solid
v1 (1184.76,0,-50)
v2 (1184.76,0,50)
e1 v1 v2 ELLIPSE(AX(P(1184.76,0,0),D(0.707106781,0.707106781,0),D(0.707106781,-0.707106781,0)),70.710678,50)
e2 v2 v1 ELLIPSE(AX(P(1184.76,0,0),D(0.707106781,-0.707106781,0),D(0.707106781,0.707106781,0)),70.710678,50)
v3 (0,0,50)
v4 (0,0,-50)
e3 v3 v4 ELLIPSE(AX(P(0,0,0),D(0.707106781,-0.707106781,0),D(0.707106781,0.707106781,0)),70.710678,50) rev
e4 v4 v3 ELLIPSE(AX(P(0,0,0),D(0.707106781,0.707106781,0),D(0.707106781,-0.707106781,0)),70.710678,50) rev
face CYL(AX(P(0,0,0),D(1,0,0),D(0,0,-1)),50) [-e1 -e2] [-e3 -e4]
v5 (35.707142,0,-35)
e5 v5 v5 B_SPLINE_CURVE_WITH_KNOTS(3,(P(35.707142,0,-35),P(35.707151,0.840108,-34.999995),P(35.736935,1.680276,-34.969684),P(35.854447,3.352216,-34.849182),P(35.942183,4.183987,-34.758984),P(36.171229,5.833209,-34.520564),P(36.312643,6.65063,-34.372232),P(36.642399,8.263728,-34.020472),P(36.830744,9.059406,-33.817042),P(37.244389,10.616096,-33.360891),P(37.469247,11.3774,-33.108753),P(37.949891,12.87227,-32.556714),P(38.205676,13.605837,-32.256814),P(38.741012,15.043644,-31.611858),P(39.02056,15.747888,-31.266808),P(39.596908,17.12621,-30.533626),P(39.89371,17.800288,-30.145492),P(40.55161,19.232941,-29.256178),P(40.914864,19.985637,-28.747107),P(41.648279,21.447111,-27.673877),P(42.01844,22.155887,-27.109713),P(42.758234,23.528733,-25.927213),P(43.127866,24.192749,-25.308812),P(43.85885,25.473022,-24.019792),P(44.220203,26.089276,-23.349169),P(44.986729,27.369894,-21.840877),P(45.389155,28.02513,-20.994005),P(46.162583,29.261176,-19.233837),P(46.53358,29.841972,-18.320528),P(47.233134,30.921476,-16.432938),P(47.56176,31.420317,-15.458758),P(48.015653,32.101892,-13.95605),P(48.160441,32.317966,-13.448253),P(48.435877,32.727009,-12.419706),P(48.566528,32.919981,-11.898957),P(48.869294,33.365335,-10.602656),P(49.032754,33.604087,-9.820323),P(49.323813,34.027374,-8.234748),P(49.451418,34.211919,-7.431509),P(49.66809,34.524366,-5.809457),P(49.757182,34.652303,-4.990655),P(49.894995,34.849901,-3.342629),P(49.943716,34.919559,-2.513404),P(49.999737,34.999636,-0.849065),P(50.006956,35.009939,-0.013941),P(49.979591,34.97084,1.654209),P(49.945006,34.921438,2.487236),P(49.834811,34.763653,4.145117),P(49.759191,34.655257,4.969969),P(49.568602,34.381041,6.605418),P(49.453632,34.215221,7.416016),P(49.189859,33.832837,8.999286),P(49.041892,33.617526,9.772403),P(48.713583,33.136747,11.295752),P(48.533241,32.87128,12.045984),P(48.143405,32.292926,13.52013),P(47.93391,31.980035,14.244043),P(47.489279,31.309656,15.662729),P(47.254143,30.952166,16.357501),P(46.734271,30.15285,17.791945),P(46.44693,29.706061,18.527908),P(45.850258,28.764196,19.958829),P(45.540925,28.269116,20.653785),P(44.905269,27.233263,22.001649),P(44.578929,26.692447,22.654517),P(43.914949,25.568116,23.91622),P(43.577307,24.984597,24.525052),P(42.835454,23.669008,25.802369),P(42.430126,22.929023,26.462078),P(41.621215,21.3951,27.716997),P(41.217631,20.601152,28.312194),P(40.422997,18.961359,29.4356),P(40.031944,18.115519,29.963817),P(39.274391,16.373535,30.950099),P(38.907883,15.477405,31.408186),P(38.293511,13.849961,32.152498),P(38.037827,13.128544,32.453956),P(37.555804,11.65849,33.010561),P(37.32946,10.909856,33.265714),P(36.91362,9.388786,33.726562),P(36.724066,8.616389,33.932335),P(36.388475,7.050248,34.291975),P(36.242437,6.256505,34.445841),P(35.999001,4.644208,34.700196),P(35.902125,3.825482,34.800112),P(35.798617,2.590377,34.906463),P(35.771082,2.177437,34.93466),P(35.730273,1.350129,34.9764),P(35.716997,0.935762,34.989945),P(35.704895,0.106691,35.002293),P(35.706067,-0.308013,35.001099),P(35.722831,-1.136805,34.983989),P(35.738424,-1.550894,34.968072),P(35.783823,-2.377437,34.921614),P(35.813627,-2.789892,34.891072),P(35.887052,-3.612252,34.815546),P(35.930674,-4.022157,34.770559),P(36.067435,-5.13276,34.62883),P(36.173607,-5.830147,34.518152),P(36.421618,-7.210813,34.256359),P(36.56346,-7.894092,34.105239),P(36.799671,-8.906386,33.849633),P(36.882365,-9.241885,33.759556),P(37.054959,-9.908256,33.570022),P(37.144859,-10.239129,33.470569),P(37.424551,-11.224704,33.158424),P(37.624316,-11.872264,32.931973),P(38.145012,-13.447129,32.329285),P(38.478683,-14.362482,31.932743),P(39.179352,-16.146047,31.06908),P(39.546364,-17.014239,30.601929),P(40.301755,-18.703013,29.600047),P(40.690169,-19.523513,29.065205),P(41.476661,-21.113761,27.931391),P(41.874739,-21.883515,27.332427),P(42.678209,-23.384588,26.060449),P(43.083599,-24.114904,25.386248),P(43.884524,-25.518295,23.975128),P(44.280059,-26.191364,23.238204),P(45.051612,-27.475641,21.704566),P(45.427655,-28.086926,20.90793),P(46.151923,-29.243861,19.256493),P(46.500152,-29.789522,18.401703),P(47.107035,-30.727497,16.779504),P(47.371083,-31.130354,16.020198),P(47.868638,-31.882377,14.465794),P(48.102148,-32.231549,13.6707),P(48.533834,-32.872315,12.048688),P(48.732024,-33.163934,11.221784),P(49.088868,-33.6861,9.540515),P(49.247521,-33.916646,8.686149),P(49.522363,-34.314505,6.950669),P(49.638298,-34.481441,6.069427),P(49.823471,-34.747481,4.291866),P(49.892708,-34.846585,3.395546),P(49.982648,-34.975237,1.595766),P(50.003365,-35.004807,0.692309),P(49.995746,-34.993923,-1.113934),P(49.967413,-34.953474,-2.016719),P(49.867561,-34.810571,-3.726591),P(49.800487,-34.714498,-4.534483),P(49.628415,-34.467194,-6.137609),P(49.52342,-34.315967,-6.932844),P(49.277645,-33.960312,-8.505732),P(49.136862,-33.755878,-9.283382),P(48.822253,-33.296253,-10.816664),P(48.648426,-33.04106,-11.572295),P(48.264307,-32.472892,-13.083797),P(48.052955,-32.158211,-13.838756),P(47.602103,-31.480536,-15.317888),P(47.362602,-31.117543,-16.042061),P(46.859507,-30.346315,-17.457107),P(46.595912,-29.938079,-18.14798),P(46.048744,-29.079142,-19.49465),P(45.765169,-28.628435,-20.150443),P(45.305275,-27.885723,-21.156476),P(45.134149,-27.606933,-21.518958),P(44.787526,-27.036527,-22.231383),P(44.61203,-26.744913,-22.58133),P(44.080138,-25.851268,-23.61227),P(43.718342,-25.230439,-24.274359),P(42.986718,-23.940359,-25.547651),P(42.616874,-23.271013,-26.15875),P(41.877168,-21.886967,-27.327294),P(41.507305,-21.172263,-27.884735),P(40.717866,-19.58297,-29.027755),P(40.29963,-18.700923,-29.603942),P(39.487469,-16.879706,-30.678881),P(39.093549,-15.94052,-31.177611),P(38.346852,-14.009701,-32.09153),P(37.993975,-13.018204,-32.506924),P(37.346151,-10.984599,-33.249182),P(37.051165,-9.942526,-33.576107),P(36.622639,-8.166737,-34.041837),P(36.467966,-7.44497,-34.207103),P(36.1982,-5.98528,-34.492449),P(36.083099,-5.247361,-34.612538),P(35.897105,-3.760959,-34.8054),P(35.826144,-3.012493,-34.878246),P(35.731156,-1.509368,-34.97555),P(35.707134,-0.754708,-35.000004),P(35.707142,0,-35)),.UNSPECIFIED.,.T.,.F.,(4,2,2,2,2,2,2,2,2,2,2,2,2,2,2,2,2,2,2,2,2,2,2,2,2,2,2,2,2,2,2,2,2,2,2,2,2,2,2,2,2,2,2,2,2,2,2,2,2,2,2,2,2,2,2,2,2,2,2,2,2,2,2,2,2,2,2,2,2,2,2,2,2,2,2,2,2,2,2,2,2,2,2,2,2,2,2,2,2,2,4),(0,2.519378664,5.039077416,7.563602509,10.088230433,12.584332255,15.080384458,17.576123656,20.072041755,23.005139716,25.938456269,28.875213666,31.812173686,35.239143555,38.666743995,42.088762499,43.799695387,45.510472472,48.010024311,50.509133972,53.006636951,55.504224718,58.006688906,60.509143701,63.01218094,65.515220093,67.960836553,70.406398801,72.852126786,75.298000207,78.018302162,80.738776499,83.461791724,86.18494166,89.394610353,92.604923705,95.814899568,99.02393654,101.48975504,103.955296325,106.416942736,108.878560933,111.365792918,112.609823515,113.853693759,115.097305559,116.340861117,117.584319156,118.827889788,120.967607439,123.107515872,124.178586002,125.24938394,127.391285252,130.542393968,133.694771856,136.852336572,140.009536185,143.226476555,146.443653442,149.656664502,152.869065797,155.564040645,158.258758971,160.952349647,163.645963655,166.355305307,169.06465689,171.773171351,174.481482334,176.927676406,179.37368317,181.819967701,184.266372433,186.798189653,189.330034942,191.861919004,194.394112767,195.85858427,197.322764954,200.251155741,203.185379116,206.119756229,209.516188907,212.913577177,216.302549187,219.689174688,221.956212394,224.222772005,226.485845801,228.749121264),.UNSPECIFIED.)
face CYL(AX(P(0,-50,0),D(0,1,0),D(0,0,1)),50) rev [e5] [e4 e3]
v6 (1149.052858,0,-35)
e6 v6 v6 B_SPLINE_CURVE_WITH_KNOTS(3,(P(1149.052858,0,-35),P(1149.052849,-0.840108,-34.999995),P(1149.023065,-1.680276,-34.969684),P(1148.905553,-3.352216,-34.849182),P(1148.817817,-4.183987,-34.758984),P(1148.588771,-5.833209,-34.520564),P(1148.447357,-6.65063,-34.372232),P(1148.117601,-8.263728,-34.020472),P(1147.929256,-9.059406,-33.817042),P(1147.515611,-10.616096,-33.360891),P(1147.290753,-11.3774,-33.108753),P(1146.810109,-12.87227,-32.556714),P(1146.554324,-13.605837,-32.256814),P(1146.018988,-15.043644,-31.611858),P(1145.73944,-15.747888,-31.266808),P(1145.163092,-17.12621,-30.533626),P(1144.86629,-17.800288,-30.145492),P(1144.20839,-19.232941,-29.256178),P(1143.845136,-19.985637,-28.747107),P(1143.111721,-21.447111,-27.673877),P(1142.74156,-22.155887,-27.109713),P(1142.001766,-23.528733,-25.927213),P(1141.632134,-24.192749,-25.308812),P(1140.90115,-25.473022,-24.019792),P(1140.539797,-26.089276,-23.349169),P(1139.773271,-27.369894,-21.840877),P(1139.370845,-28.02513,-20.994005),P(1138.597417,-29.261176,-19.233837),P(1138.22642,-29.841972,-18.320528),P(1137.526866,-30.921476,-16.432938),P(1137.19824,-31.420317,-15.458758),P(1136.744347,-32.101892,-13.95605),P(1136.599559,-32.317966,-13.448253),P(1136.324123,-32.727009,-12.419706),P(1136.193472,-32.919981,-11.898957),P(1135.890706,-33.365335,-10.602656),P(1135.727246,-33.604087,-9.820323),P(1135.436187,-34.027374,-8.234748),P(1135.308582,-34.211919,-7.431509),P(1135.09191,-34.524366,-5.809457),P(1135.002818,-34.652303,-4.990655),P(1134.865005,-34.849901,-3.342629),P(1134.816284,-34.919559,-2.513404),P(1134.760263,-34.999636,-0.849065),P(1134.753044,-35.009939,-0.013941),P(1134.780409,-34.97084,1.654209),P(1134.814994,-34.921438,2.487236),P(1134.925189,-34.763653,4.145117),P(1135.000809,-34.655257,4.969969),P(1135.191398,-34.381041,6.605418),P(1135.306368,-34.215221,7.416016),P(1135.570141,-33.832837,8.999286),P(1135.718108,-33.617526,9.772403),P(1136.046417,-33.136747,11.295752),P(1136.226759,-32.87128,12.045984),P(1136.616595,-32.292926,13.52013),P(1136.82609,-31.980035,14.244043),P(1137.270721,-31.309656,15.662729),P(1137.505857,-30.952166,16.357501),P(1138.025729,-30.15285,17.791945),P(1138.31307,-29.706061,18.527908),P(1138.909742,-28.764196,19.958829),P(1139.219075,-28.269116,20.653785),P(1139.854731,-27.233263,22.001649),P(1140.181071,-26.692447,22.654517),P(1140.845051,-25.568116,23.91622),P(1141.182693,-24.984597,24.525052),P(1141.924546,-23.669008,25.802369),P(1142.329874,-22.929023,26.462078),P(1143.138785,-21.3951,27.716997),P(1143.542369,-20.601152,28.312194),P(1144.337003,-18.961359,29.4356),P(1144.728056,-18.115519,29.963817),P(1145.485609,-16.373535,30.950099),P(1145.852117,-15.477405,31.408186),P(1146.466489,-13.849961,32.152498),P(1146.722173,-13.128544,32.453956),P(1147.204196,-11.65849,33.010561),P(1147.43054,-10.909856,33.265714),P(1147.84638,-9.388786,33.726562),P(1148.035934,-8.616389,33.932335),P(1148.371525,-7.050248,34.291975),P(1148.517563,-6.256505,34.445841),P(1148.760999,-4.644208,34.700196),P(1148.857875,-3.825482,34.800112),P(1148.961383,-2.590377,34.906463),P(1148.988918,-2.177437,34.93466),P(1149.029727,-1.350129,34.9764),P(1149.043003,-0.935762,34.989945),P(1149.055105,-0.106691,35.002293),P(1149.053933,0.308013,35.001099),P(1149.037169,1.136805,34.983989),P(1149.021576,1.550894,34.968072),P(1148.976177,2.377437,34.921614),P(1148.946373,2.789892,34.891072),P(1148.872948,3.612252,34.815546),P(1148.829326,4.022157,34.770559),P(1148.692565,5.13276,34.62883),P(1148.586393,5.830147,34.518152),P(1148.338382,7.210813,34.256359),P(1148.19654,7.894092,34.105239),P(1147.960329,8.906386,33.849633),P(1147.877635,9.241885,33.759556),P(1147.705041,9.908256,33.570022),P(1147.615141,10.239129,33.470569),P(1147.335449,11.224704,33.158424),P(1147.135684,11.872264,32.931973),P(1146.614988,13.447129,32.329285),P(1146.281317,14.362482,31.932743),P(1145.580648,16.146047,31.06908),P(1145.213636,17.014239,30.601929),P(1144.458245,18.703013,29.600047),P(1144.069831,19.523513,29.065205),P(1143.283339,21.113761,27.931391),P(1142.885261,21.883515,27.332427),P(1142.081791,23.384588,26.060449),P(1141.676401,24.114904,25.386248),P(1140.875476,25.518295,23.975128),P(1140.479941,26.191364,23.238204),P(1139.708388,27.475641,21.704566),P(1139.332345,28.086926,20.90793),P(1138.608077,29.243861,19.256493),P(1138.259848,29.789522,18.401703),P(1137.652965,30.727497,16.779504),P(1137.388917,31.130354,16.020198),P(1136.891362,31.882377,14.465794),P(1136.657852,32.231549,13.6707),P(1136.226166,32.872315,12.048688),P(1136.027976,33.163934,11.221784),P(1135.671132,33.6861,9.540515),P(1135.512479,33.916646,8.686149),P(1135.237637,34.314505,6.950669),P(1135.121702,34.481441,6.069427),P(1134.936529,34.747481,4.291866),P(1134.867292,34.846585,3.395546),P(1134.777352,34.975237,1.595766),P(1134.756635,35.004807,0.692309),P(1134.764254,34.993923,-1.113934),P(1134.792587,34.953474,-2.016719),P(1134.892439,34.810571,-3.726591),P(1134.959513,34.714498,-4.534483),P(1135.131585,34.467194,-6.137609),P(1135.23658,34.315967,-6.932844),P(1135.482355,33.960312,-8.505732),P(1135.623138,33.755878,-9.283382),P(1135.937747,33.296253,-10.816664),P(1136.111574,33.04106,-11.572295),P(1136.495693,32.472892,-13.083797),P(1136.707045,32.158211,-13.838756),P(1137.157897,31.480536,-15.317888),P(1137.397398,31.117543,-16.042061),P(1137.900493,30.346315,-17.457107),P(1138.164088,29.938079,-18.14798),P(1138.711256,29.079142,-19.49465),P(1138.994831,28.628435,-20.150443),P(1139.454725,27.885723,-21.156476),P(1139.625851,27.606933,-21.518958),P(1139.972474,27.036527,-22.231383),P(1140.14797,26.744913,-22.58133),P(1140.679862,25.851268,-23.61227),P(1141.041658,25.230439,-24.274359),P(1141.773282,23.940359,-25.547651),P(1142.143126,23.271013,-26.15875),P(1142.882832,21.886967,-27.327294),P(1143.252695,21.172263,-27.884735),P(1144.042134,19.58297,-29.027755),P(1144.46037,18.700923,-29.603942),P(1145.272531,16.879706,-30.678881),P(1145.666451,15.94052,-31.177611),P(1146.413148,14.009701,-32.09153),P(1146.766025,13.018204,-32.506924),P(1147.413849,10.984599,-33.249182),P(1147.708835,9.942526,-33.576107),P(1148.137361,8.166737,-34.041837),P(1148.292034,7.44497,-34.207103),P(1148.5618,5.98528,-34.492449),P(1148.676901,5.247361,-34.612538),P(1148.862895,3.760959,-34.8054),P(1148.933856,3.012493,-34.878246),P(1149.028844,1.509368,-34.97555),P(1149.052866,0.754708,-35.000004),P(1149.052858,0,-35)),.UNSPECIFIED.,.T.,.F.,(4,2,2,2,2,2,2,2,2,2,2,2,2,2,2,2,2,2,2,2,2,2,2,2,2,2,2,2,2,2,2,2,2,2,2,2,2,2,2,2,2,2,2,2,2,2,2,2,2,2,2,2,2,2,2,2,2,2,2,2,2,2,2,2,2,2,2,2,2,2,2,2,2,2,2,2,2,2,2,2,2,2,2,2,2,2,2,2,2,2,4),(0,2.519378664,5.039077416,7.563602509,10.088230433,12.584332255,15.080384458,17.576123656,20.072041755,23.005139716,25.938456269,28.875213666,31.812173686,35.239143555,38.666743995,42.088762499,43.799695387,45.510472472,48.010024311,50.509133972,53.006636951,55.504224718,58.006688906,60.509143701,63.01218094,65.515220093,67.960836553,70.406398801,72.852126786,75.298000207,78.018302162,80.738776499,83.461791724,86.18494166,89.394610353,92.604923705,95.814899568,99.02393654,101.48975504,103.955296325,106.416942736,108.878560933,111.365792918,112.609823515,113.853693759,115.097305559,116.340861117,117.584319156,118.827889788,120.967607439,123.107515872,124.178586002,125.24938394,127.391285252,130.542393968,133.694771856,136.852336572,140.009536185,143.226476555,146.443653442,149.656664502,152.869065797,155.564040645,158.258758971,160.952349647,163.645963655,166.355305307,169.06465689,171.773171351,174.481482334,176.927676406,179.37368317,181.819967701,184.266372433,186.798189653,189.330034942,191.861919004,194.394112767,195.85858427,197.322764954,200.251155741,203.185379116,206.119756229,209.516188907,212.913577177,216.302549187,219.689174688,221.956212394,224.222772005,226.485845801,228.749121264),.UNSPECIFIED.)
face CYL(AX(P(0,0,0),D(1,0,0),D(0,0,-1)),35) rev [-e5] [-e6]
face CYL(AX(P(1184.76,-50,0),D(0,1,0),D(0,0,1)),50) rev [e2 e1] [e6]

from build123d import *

# Parameters (mm, degrees)
SKETCH2_R               = 50
SKETCH2_R_2             = 35
CUT_EXTRUDE1_DEPTH      = 1187.86825621
CUT_EXTRUDE1_DEPTH_BACK = 1187.86825621
SKETCH3_R               = 50


with BuildPart() as part:
    # Sweep1: sweep along a path in Sketch1
    with BuildLine(Plane(origin=(0, 0, 0), x_dir=(1, 0, 0), z_dir=(0, 1, 0))) as sweep1_path:
        Line((0, 0), (1184.76, 0))
    # Sketch2 → Sweep1 (sweep)
    with BuildSketch(Plane(origin=(0, 0, 0), x_dir=(0, 0, -1), z_dir=(1, 0, 0))):
        Circle(SKETCH2_R)
        Circle(SKETCH2_R_2, mode=Mode.SUBTRACT)
    sweep(path=sweep1_path.line)

    # Sketch3 → Cut-Extrude1 (cut, two sides: drawn at the far end of the back side and taken through both)
    with BuildSketch(Plane(origin=(0, 0, 0), x_dir=(1, 0, 0), z_dir=(0, 1, 0)).offset(-CUT_EXTRUDE1_DEPTH_BACK)):
        Circle(SKETCH3_R)
        with Locations((1184.76, 0)):
            Circle(SKETCH3_R)
    extrude(amount=CUT_EXTRUDE1_DEPTH + CUT_EXTRUDE1_DEPTH_BACK, mode=Mode.SUBTRACT)


solid = part.part
